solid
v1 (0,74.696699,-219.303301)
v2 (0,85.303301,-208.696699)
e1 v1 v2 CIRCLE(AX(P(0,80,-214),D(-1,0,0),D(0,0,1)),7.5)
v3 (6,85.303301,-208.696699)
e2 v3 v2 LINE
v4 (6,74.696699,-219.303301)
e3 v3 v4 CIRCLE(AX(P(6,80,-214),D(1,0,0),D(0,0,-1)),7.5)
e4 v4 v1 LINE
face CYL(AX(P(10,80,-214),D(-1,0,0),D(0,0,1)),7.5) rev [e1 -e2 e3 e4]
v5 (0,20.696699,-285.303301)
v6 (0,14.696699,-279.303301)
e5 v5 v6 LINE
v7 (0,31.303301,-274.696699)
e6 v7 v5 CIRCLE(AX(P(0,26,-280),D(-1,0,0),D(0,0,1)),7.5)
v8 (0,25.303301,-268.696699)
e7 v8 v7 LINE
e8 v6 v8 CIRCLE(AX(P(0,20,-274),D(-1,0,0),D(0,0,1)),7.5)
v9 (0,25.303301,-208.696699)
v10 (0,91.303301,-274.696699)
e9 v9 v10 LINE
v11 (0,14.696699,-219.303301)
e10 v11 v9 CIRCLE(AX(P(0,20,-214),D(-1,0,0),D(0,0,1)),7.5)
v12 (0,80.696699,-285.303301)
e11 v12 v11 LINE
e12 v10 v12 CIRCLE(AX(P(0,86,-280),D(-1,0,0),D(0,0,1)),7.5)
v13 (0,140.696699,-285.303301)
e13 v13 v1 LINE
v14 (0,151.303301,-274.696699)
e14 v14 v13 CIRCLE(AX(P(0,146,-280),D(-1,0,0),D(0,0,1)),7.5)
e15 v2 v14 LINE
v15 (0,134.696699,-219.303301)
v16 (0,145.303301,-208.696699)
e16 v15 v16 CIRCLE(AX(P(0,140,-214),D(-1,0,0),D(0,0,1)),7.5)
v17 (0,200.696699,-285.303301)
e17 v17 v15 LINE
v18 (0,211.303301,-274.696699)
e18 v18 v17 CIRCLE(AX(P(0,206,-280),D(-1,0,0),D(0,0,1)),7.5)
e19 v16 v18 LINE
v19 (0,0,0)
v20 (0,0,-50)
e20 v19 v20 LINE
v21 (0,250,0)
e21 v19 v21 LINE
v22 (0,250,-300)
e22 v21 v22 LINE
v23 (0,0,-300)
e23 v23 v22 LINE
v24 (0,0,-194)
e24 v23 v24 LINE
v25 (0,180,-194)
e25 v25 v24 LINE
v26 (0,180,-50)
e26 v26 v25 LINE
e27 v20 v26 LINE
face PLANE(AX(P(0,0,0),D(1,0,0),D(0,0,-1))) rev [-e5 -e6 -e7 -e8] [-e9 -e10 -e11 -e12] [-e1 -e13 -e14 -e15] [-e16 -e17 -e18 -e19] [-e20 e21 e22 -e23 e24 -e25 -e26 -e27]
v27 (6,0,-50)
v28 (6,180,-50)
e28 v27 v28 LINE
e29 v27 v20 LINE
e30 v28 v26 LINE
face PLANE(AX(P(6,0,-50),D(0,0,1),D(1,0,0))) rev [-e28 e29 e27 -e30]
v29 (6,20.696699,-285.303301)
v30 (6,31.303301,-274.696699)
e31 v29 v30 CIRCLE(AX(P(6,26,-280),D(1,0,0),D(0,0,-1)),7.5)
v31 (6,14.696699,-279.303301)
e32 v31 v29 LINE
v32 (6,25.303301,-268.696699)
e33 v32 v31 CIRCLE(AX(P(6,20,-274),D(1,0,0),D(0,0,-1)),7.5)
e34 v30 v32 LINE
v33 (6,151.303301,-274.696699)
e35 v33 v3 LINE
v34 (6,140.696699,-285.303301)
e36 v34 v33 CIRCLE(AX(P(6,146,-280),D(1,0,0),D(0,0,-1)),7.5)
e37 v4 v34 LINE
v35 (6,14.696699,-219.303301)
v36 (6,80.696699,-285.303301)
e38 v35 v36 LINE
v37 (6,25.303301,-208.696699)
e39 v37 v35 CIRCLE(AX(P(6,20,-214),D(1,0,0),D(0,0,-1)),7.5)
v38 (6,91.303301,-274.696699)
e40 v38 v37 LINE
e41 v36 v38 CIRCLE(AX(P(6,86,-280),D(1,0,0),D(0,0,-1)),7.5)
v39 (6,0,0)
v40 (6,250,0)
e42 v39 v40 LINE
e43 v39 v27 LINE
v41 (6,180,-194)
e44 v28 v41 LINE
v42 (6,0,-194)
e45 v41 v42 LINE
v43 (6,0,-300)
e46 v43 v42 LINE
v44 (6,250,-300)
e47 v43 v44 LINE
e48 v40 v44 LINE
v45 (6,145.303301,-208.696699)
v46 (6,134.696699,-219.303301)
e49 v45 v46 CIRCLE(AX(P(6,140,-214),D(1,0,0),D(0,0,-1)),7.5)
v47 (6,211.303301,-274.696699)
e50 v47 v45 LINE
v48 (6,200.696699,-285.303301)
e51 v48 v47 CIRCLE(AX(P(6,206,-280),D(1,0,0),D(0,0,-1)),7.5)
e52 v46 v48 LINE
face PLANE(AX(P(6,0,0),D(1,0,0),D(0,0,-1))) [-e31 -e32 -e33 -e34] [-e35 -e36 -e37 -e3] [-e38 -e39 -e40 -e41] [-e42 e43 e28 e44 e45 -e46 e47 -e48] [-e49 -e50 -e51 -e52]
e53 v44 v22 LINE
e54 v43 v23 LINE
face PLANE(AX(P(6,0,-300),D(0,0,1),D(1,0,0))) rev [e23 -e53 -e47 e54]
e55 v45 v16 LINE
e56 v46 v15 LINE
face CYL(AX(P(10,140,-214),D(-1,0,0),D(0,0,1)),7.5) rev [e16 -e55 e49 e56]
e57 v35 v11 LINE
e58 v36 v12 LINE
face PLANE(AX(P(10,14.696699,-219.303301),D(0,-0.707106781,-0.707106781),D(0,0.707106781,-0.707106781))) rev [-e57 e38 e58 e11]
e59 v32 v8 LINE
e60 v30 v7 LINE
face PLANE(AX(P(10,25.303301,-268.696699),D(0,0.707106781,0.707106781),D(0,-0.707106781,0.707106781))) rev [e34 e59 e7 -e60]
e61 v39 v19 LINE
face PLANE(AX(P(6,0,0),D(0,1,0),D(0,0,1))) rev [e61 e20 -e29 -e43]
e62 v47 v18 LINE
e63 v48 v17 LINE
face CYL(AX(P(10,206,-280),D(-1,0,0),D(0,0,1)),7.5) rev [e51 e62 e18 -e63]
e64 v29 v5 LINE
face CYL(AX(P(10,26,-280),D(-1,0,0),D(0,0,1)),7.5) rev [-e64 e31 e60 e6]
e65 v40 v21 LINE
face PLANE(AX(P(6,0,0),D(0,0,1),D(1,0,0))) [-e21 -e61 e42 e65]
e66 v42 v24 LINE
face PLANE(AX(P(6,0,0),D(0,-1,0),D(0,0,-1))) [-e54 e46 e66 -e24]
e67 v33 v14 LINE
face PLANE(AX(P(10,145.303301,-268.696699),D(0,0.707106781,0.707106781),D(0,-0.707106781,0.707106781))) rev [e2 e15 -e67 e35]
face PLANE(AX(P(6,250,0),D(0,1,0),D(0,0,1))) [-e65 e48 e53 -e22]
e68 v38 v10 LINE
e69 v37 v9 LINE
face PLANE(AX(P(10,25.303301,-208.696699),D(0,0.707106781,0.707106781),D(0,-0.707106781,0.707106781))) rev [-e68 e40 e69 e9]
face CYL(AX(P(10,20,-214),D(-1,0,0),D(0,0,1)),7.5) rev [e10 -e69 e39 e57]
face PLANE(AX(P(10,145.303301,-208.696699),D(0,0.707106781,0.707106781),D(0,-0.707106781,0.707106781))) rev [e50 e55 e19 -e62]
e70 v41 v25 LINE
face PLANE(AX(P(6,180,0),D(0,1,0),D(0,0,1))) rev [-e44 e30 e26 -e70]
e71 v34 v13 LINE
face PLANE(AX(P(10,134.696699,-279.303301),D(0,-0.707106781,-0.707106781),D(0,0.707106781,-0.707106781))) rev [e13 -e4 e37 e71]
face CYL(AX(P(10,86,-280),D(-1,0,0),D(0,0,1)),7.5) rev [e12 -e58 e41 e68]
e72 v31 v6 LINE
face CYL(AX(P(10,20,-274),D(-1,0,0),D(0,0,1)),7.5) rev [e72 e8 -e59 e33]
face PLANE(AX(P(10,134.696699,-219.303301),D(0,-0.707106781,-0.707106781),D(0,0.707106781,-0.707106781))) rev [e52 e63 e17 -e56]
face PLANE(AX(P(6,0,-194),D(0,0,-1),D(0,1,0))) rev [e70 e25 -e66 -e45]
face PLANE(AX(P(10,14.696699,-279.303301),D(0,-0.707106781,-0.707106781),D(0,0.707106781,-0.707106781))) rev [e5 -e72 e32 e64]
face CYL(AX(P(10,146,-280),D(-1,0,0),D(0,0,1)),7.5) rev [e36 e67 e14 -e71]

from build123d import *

# Parameters (mm, degrees)
BOSS_EXTRUDE1_DEPTH = 6
SKETCH2_W           = 106
SKETCH2_H           = 107.951063415
BOSS_EXTRUDE3_DEPTH = 6
CUT_EXTRUDE1_DEPTH  = 10
LPATTERN1_COUNT     = 3
LPATTERN1_PITCH     = 60


with BuildPart() as part:
    # Sketch1 → Boss-Extrude1 (new body)
    with BuildSketch(Plane(origin=(0, 0, 0), x_dir=(0, 0, -1), z_dir=(1, 0, 0))):
        Polygon((0, 0), (50, 0), (50, 180), (194, 180), (194, 0), (300, 0), (300, 250), (0, 250), align=None)
        with BuildLine():
            Line((274.696699141, 14.696699141), (208.696699141, 80.696699141))
            ThreePointArc((208.696699141, 80.696699141), (208.696699141, 91.303300859), (219.303300859, 91.303300859))
            Line((219.303300859, 91.303300859), (285.303300859, 25.303300859))
            ThreePointArc((285.303300859, 25.303300859), (285.303300859, 14.696699141), (274.696699141, 14.696699141))
        make_face(mode=Mode.SUBTRACT)
    extrude(amount=BOSS_EXTRUDE1_DEPTH)

    # Sketch2 → Boss-Extrude3 (add)
    with BuildSketch(Plane.ZY):
        with Locations((-247, 53.975531708)):
            Rectangle(SKETCH2_W, SKETCH2_H)
    extrude(amount=-BOSS_EXTRUDE3_DEPTH)

    # Sketch3 → Cut-Extrude1 (cut)
    with BuildSketch(Plane.ZY):
        with BuildLine():
            Line((-219.303300859, 14.696699141), (-285.303300859, 80.696699141))
            ThreePointArc((-285.303300859, 80.696699141), (-285.303300859, 91.303300859), (-274.696699141, 91.303300859))
            Line((-274.696699141, 91.303300859), (-208.696699141, 25.303300859))
            ThreePointArc((-208.696699141, 25.303300859), (-208.696699141, 14.696699141), (-219.303300859, 14.696699141))
        make_face()
        with BuildLine():
            Line((-279.303300859, 14.696699141), (-285.303300859, 20.696699141))
            ThreePointArc((-285.303300859, 20.696699141), (-285.303300859, 31.303300859), (-274.696699141, 31.303300859))
            Line((-274.696699141, 31.303300859), (-268.696699141, 25.303300859))
            ThreePointArc((-268.696699141, 25.303300859), (-268.696699141, 14.696699141), (-279.303300859, 14.696699141))
        make_face()
        with BuildLine():
            Line((-214.696699141, 273.303300859), (-208.696699141, 267.303300859))
            ThreePointArc((-208.696699141, 267.303300859), (-208.696699141, 256.696699141), (-219.303300859, 256.696699141))
            Line((-219.303300859, 256.696699141), (-225.303300859, 262.696699141))
            ThreePointArc((-225.303300859, 262.696699141), (-225.303300859, 273.303300859), (-214.696699141, 273.303300859))
        make_face()
    cut_extrude1 = extrude(amount=-CUT_EXTRUDE1_DEPTH, mode=Mode.SUBTRACT)

    # LPattern1: Cut-Extrude1 ×3
    with Locations(*[(0, i * LPATTERN1_PITCH, 0) for i in range(1, LPATTERN1_COUNT)]):
        add(cut_extrude1, mode=Mode.SUBTRACT)


solid = part.part
